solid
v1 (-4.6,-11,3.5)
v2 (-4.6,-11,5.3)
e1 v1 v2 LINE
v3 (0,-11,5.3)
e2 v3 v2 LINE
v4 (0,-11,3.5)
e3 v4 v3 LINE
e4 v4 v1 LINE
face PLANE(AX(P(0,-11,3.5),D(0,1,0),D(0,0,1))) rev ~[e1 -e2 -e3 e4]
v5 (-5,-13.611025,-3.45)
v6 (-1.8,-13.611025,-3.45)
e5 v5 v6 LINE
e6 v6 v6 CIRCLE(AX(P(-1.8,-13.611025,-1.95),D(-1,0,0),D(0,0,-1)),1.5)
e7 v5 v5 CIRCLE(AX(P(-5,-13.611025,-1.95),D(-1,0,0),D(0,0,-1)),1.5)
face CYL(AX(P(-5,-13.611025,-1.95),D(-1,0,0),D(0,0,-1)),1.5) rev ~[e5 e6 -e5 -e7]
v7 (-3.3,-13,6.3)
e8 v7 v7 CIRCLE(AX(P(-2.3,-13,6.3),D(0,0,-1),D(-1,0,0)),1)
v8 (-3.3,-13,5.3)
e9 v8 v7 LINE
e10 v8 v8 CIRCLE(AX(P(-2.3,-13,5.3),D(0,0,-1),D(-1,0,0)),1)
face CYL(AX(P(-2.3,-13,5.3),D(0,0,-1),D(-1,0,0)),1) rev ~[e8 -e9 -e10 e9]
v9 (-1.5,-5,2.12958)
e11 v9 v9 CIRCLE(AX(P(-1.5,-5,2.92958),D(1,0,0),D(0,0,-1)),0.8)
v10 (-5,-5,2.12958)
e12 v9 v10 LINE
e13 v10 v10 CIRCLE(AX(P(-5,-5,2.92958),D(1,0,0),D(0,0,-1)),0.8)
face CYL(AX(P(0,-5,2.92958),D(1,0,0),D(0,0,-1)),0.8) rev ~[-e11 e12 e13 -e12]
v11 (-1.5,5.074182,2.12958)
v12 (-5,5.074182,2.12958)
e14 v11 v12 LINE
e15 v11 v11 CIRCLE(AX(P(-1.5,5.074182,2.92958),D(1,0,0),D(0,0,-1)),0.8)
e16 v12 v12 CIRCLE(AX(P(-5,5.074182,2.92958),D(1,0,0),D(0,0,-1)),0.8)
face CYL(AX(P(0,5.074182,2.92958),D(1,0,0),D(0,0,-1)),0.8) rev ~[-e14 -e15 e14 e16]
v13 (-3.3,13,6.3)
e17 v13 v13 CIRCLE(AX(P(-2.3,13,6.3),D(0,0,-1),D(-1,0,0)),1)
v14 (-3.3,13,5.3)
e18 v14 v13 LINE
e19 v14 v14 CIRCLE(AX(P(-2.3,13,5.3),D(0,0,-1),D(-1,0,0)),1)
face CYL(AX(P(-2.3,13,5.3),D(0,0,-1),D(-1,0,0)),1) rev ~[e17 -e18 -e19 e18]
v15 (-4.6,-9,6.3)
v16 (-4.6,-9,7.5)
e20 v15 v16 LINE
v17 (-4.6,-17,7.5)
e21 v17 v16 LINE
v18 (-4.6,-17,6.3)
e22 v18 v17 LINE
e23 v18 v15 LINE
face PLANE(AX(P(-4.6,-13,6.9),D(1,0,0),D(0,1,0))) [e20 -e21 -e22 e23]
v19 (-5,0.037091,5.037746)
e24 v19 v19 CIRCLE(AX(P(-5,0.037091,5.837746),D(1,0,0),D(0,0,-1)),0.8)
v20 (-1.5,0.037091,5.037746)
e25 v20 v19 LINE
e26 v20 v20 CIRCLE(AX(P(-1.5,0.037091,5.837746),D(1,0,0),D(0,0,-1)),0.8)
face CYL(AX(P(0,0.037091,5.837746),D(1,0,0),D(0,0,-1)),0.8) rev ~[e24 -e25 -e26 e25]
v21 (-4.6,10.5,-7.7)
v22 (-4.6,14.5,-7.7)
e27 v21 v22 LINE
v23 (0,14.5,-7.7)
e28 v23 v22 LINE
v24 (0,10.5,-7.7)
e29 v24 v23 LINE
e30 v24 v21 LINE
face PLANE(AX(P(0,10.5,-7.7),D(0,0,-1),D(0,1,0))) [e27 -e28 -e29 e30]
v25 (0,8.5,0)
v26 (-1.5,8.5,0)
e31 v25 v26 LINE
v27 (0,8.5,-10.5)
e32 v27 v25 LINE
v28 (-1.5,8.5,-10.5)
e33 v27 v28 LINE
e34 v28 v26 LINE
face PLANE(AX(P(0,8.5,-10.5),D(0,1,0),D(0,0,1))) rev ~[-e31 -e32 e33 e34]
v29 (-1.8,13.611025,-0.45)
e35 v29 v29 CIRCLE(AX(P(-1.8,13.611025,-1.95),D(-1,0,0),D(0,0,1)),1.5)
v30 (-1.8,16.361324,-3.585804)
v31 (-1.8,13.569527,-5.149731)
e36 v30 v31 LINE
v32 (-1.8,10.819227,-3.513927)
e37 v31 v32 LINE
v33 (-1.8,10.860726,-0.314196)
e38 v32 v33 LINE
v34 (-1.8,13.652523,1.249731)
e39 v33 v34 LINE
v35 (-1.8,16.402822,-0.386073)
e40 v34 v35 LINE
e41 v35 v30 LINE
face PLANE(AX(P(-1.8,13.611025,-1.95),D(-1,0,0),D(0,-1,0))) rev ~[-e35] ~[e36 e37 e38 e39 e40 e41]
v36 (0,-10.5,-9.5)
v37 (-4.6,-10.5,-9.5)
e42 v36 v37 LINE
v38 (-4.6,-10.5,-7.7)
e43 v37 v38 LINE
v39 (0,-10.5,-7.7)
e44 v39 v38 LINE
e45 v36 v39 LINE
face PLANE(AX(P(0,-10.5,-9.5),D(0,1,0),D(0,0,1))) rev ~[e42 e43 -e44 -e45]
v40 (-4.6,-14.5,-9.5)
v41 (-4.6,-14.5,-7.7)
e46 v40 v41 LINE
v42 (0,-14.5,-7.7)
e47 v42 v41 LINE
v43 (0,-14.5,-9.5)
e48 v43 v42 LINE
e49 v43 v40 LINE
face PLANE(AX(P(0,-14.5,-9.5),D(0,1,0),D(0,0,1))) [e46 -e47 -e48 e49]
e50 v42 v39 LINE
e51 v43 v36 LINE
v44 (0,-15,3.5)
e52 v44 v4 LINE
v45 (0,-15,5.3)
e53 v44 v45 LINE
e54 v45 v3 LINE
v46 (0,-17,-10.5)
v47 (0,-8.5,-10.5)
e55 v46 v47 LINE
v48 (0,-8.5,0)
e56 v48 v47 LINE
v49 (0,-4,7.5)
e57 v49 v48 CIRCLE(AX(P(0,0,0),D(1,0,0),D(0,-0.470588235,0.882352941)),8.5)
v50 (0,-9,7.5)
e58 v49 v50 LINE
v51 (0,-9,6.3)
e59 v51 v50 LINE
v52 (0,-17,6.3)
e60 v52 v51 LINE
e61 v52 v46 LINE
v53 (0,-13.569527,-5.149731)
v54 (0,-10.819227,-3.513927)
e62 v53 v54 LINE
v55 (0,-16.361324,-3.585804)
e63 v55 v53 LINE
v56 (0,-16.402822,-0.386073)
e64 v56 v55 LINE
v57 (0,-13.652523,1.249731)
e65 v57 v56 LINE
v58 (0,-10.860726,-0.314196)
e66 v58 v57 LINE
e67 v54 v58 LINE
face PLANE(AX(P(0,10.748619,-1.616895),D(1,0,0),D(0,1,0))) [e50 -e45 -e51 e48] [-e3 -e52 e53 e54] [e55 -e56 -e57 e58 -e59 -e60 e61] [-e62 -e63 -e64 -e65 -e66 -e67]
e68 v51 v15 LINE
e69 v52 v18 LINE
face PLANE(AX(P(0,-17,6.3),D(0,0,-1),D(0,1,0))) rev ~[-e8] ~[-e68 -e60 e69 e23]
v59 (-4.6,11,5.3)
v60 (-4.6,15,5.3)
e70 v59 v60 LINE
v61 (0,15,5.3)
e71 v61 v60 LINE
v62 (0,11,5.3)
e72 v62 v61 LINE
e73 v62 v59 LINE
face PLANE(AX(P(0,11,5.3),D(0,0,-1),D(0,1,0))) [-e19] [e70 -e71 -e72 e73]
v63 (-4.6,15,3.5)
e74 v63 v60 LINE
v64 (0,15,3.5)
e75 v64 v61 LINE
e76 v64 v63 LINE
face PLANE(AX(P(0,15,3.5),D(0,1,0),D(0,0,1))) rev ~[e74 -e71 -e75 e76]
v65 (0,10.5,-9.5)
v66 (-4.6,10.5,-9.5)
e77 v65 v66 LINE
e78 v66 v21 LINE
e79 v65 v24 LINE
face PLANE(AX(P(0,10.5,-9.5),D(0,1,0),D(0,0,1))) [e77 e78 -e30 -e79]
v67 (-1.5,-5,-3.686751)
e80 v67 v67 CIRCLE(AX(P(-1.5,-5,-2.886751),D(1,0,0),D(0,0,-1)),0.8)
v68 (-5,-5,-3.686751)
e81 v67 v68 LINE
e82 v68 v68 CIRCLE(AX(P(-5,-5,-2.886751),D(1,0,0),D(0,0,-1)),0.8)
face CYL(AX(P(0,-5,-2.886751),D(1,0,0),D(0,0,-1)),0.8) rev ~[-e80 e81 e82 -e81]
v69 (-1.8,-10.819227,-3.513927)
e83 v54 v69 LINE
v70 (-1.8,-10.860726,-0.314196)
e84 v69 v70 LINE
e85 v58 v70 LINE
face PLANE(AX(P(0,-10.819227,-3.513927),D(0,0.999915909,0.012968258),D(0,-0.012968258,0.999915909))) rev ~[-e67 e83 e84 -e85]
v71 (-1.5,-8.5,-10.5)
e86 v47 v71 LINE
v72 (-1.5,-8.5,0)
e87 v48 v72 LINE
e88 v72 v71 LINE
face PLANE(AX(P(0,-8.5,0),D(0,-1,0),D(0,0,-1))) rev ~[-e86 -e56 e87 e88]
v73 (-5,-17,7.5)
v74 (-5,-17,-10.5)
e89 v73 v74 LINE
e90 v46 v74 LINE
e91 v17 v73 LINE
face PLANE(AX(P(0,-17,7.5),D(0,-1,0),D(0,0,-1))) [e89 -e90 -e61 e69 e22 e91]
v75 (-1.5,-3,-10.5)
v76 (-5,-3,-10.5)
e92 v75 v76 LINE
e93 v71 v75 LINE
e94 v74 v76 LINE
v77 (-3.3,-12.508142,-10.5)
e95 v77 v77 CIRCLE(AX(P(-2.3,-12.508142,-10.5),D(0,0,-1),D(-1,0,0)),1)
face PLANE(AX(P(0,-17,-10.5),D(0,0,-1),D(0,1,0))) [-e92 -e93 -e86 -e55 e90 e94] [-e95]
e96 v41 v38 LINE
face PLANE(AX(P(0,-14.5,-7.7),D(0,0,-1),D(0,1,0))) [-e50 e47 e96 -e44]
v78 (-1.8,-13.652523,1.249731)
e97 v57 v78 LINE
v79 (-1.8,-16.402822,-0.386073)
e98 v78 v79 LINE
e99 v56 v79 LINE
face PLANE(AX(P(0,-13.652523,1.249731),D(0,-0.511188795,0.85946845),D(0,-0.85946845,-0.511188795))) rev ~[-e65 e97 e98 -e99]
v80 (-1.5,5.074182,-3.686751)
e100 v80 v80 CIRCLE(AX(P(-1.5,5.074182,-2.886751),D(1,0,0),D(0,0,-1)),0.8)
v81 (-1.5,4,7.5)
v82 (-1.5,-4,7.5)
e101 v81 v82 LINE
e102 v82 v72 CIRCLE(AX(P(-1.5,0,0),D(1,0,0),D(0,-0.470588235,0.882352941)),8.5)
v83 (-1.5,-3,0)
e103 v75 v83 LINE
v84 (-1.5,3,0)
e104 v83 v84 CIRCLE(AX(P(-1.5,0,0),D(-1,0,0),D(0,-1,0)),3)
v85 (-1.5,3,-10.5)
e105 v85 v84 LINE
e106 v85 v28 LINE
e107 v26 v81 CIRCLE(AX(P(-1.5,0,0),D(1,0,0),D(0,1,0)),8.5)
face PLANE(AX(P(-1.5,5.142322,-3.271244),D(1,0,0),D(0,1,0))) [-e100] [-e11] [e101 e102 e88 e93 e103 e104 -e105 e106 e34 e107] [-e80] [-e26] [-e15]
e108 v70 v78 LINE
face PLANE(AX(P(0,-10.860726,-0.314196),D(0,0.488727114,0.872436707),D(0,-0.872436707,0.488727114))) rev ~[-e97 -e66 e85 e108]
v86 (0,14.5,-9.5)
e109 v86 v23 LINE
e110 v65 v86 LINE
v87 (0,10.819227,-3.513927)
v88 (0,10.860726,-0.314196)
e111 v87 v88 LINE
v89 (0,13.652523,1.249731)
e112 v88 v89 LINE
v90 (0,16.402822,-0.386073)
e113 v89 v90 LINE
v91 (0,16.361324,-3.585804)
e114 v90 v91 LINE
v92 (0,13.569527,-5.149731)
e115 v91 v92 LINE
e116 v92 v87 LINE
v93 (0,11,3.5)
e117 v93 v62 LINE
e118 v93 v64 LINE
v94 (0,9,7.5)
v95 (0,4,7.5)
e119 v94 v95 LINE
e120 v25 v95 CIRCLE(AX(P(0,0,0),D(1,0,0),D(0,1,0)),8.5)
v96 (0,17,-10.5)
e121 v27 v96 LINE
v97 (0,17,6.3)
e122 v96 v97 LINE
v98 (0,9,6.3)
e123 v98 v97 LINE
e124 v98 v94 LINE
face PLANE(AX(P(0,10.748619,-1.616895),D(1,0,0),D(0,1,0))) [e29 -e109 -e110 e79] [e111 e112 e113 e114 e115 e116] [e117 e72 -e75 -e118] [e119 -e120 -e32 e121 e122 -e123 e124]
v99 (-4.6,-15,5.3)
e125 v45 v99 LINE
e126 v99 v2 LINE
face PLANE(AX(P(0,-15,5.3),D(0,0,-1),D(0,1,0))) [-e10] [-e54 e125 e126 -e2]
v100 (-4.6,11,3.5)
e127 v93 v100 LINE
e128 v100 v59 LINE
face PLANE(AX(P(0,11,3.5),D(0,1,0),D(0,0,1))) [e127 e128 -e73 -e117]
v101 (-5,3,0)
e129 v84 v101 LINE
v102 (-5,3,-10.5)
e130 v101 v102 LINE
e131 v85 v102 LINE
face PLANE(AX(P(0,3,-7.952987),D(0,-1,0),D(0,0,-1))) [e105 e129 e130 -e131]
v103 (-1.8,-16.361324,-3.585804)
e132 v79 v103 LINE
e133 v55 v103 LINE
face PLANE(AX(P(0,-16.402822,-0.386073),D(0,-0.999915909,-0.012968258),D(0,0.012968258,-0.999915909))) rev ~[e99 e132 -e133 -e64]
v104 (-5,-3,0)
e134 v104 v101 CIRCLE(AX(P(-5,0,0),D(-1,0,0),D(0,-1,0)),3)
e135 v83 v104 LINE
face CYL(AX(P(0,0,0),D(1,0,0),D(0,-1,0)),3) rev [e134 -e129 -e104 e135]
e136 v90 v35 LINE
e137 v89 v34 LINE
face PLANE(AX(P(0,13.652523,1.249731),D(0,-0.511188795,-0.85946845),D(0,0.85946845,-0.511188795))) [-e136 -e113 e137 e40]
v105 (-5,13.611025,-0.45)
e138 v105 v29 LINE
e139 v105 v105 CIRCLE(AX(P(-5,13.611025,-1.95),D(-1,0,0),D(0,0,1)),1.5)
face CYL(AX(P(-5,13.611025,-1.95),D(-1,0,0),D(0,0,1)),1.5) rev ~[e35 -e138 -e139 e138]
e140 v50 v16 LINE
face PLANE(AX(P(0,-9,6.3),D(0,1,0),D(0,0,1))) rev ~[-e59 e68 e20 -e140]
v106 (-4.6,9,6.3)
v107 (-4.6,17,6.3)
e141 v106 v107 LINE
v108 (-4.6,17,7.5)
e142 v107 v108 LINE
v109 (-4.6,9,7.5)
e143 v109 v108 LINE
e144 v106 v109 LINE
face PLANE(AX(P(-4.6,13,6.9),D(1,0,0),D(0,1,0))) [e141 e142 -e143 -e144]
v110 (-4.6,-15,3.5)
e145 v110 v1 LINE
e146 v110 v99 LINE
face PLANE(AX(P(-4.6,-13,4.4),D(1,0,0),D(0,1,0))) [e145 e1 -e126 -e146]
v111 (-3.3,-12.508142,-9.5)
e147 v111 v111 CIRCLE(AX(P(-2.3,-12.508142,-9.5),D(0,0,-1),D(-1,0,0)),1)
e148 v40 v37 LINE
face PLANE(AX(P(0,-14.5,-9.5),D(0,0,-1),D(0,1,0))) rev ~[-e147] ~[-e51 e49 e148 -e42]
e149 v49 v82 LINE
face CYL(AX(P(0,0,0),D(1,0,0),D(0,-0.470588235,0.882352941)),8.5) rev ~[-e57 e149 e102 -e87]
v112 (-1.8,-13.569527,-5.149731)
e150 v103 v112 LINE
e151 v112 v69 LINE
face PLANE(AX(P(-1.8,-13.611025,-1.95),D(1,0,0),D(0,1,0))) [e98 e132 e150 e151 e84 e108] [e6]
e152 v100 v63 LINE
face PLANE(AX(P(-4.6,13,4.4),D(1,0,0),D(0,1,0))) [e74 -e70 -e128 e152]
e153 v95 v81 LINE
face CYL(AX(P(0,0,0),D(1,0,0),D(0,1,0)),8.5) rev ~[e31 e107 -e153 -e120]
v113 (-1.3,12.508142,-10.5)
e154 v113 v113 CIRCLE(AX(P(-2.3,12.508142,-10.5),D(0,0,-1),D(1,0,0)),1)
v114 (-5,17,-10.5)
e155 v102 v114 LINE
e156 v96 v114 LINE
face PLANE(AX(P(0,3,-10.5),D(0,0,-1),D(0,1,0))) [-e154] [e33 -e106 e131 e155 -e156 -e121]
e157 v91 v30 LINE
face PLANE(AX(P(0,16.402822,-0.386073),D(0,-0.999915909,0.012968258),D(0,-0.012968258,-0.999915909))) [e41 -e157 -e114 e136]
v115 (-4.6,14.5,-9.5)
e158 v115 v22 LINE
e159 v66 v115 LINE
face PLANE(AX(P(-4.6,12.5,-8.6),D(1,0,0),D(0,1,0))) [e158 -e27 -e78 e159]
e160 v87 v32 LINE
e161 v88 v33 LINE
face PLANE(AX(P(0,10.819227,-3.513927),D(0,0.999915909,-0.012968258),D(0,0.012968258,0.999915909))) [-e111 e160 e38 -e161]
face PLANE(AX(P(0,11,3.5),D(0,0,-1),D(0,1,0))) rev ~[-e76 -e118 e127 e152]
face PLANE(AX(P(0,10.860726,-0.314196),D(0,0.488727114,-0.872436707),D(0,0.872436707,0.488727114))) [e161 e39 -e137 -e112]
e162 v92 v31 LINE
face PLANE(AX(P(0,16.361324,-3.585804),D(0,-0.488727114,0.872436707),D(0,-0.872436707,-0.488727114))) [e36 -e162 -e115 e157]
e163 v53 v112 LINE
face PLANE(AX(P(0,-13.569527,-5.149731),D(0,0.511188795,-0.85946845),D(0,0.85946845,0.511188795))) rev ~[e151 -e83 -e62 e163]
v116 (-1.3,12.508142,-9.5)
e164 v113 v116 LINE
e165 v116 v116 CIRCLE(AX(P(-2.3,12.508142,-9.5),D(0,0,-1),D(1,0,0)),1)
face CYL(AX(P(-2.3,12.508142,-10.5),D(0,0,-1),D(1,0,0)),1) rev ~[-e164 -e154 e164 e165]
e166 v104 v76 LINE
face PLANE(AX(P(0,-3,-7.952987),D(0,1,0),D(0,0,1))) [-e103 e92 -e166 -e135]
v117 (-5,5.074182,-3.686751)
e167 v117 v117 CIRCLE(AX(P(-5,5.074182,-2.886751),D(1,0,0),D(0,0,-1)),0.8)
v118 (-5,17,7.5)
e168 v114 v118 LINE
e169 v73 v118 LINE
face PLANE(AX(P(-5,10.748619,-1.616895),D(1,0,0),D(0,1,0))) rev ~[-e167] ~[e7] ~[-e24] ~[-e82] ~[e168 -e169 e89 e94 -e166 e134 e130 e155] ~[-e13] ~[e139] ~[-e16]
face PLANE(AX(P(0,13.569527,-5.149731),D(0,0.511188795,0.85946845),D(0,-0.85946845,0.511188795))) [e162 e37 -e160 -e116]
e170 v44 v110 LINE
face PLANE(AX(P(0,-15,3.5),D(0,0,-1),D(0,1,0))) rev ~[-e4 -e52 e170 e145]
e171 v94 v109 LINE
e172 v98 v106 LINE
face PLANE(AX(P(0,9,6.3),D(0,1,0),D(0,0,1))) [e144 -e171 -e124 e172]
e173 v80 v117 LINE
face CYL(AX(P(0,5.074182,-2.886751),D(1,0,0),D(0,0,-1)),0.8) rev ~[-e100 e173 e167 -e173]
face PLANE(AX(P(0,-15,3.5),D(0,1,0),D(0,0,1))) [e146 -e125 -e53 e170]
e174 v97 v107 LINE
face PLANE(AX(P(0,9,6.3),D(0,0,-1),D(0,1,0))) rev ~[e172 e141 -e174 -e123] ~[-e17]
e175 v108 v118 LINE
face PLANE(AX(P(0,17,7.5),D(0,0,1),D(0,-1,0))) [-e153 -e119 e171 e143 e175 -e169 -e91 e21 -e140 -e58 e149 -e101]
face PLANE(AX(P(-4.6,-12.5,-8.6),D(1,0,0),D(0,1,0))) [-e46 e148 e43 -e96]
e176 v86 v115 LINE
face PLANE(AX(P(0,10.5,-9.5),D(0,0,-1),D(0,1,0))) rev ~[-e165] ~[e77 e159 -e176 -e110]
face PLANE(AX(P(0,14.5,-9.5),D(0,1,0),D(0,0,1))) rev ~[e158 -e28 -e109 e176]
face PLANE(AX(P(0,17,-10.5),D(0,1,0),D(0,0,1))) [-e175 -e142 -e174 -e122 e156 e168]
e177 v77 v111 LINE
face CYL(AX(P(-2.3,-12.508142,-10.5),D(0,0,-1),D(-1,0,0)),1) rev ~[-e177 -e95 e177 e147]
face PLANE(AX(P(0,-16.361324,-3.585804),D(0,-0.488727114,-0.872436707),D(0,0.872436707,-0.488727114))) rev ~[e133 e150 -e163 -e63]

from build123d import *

# Parameters (mm, degrees)
SKETCH_1_R          = 0.8
EXTRUDE_5_DEPTH     = 5
SKETCH_6_R          = 0.8
CUT_EXTRUDE_1_DEPTH = 1.5
SKETCH_7_R          = 1.5
CUT_EXTRUDE_2_DEPTH = 21.597329924
CUT_EXTRUDE_4_DEPTH = 1.8
SKETCH_9_R          = 1
CUT_EXTRUDE_5_DEPTH = 1
SKETCH_10_W         = 4
SKETCH_10_H         = 1.8
SKETCH_10_W_2       = 8
SKETCH_10_H_2       = 1.2
CUT_EXTRUDE_6_DEPTH = 4.6
SKETCH_12_R         = 1
CUT_EXTRUDE_7_DEPTH = 24.741103597


with BuildPart() as part:
    # ｽｹｯﾁ1 → ﾎﾞｽ - 押し出し5 (new body)
    # profile 1 of 3: a face of its own
    with BuildSketch(Plane.YZ):
        with BuildLine():
            Line((-3, -10.5), (-3, -7.95298686))
            ThreePointArc((-3, -7.95298686), (-8.482257997, -0.548907345), (-4, 7.5))
            Line((-4, 7.5), (-17, 7.5))
            Line((-17, 7.5), (-17, -10.5))
            Line((-17, -10.5), (-3, -10.5))
        make_face()
    # profile 2 of 3: a face of its own
    with BuildSketch(Plane.YZ):
        with BuildLine():
            ThreePointArc((-3, 0), (0, 3), (3, 0))
            Line((3, 0), (3, -7.95298686))
            ThreePointArc((3, -7.95298686), (6.991065727, -4.834769901), (8.5, 0))
            ThreePointArc((8.5, 0), (7.288689869, 4.373213921), (4, 7.5))
            Line((4, 7.5), (-4, 7.5))
            ThreePointArc((-4, 7.5), (-8.482257997, -0.548907345), (-3, -7.95298686))
            Line((-3, -7.95298686), (-3, 0))
        make_face()
        with Locations(Location((-5, -2.886751346, 0), (0, 0, 270))):
            Circle(SKETCH_1_R, mode=Mode.SUBTRACT)
        with Locations(Location((5.074182173, -2.886751346, 0), (0, 0, 270))):
            Circle(SKETCH_1_R, mode=Mode.SUBTRACT)
        with Locations(Location((-5, 2.929580443, 0), (0, 0, 270))):
            Circle(SKETCH_1_R, mode=Mode.SUBTRACT)
        with Locations(Location((5.074182173, 2.929580443, 0), (0, 0, 270))):
            Circle(SKETCH_1_R, mode=Mode.SUBTRACT)
        with Locations(Location((0.037091086, 5.837746338, 0), (0, 0, 270))):
            Circle(SKETCH_1_R, mode=Mode.SUBTRACT)
    # profile 3 of 3: a face of its own
    with BuildSketch(Plane.YZ):
        with BuildLine():
            ThreePointArc((8.5, 0), (6.991065727, -4.834769901), (3, -7.95298686))
            Line((3, -7.95298686), (3, -10.5))
            Line((3, -10.5), (17, -10.5))
            Line((17, -10.5), (17, 7.5))
            Line((17, 7.5), (4, 7.5))
            ThreePointArc((4, 7.5), (7.288689869, 4.373213921), (8.5, 0))
        make_face()
    extrude(amount=-EXTRUDE_5_DEPTH)

    # ｽｹｯﾁ6 → ｶｯﾄ - 押し出し1 (cut)
    # profile 1 of 5: a face of its own
    with BuildSketch(Plane.YZ):
        with BuildLine():
            ThreePointArc((-4, 7.5), (-7.288689869, 4.373213921), (-8.5, 0))
            Line((-8.5, 0), (-3, 0))
            ThreePointArc((-3, 0), (0, 3), (3, 0))
            Line((3, 0), (8.5, 0))
            ThreePointArc((8.5, 0), (7.288689869, 4.373213921), (4, 7.5))
            Line((4, 7.5), (-4, 7.5))
        make_face()
        with Locations(Location((-5, 2.929580443, 0), (0, 0, 270))):
            Circle(SKETCH_6_R, mode=Mode.SUBTRACT)
        with Locations(Location((5.074182173, 2.929580443, 0), (0, 0, 270))):
            Circle(SKETCH_6_R, mode=Mode.SUBTRACT)
        with Locations(Location((0.037091086, 5.837746338, 0), (0, 0, 270))):
            Circle(SKETCH_6_R, mode=Mode.SUBTRACT)
    # profile 2 of 5: a face of its own
    with BuildSketch(Plane.YZ):
        with BuildLine():
            Line((-3, 0), (-8.5, 0))
            ThreePointArc((-8.5, 0), (-6.991065727, -4.834769901), (-3, -7.95298686))
            Line((-3, -7.95298686), (-3, 0))
        make_face()
        with Locations(Location((-5, -2.886751346, 0), (0, 0, 270))):
            Circle(SKETCH_6_R, mode=Mode.SUBTRACT)
    # profile 3 of 5: a face of its own
    with BuildSketch(Plane.YZ):
        with BuildLine():
            Line((8.5, 0), (3, 0))
            Line((3, 0), (3, -7.95298686))
            ThreePointArc((3, -7.95298686), (6.991065727, -4.834769901), (8.5, 0))
        make_face()
        with Locations(Location((5.074182173, -2.886751346, 0), (0, 0, 270))):
            Circle(SKETCH_6_R, mode=Mode.SUBTRACT)
    # profile 4 of 5: a face of its own
    with BuildSketch(Plane.YZ):
        with BuildLine():
            ThreePointArc((8.5, 0), (6.991065727, -4.834769901), (3, -7.95298686))
            Line((3, -7.95298686), (3, -10.5))
            Line((3, -10.5), (8.5, -10.5))
            Line((8.5, -10.5), (8.5, 0))
        make_face()
    # profile 5 of 5: a face of its own
    with BuildSketch(Plane.YZ):
        with BuildLine():
            ThreePointArc((-3, -7.95298686), (-6.991065727, -4.834769901), (-8.5, 0))
            Line((-8.5, 0), (-8.5, -10.5))
            Line((-8.5, -10.5), (-3, -10.5))
            Line((-3, -10.5), (-3, -7.95298686))
        make_face()
    extrude(amount=-CUT_EXTRUDE_1_DEPTH, mode=Mode.SUBTRACT)

    # ｽｹｯﾁ7 → ｶｯﾄ - 押し出し2 (cut, through all)
    with BuildSketch(Plane(origin=(-5, 0, 0), x_dir=(0, -1, 0), z_dir=(-1, 0, 0))):
        with Locations(Location((-13.611024943, -1.95, 0), (0, 0, 90))):
            Circle(SKETCH_7_R)
        with Locations(Location((13.611024943, -1.95, 0), (0, 0, 270))):
            Circle(SKETCH_7_R)
    extrude(amount=-CUT_EXTRUDE_2_DEPTH, mode=Mode.SUBTRACT)

    # ｽｹｯﾁ8 → ｶｯﾄ - 押し出し4 (cut)
    with BuildSketch(Plane.YZ):
        Polygon((10.81922748, -3.513926764), (10.860725904, -0.314195857), (13.652523367, 1.249730908), (16.402822406, -0.386073236), (16.361323982, -3.585804143), (13.569526519, -5.149730908), align=None)
        Polygon((-10.860725904, -0.314195857), (-13.652523367, 1.249730908), (-16.402822406, -0.386073236), (-16.361323982, -3.585804143), (-13.569526519, -5.149730908), (-10.81922748, -3.513926764), align=None)
    extrude(amount=-CUT_EXTRUDE_4_DEPTH, mode=Mode.SUBTRACT)

    # ｽｹｯﾁ9 → ｶｯﾄ - 押し出し5 (cut)
    with BuildSketch(Plane(origin=(0, 0, -10.5), x_dir=(1, 0, 0), z_dir=(0, 0, -1))):
        with Locations(Location((-2.3, 12.508141571, 0), (0, 0, 180))):
            Circle(SKETCH_9_R)
        with Locations((-2.3, -12.508141571)):
            Circle(SKETCH_9_R)
    extrude(amount=-CUT_EXTRUDE_5_DEPTH, mode=Mode.SUBTRACT)

    # ｽｹｯﾁ10 → ｶｯﾄ - 押し出し6 (cut)
    with BuildSketch(Plane.YZ):
        with Locations((-12.5, -8.6)):
            Rectangle(SKETCH_10_W, SKETCH_10_H)
        with Locations((12.5, -8.6)):
            Rectangle(SKETCH_10_W, SKETCH_10_H)
        with Locations((-13, 4.4)):
            Rectangle(SKETCH_10_W, SKETCH_10_H)
        with Locations((13, 4.4)):
            Rectangle(SKETCH_10_W, SKETCH_10_H)
        with Locations((-13, 6.9)):
            Rectangle(SKETCH_10_W_2, SKETCH_10_H_2)
        with Locations((13, 6.9)):
            Rectangle(SKETCH_10_W_2, SKETCH_10_H_2)
    extrude(amount=-CUT_EXTRUDE_6_DEPTH, mode=Mode.SUBTRACT)

    # ｽｹｯﾁ12 → ｶｯﾄ - 押し出し7 (cut, through all)
    with BuildSketch(Plane(origin=(0, 0, 5.3), x_dir=(1, 0, 0), z_dir=(0, 0, -1))):
        with Locations(Location((-2.3, 13, 0), (0, 0, 180))):
            Circle(SKETCH_12_R)
        with Locations(Location((-2.3, -13, 0), (0, 0, 180))):
            Circle(SKETCH_12_R)
    extrude(amount=-CUT_EXTRUDE_7_DEPTH, mode=Mode.SUBTRACT)


solid = part.part
